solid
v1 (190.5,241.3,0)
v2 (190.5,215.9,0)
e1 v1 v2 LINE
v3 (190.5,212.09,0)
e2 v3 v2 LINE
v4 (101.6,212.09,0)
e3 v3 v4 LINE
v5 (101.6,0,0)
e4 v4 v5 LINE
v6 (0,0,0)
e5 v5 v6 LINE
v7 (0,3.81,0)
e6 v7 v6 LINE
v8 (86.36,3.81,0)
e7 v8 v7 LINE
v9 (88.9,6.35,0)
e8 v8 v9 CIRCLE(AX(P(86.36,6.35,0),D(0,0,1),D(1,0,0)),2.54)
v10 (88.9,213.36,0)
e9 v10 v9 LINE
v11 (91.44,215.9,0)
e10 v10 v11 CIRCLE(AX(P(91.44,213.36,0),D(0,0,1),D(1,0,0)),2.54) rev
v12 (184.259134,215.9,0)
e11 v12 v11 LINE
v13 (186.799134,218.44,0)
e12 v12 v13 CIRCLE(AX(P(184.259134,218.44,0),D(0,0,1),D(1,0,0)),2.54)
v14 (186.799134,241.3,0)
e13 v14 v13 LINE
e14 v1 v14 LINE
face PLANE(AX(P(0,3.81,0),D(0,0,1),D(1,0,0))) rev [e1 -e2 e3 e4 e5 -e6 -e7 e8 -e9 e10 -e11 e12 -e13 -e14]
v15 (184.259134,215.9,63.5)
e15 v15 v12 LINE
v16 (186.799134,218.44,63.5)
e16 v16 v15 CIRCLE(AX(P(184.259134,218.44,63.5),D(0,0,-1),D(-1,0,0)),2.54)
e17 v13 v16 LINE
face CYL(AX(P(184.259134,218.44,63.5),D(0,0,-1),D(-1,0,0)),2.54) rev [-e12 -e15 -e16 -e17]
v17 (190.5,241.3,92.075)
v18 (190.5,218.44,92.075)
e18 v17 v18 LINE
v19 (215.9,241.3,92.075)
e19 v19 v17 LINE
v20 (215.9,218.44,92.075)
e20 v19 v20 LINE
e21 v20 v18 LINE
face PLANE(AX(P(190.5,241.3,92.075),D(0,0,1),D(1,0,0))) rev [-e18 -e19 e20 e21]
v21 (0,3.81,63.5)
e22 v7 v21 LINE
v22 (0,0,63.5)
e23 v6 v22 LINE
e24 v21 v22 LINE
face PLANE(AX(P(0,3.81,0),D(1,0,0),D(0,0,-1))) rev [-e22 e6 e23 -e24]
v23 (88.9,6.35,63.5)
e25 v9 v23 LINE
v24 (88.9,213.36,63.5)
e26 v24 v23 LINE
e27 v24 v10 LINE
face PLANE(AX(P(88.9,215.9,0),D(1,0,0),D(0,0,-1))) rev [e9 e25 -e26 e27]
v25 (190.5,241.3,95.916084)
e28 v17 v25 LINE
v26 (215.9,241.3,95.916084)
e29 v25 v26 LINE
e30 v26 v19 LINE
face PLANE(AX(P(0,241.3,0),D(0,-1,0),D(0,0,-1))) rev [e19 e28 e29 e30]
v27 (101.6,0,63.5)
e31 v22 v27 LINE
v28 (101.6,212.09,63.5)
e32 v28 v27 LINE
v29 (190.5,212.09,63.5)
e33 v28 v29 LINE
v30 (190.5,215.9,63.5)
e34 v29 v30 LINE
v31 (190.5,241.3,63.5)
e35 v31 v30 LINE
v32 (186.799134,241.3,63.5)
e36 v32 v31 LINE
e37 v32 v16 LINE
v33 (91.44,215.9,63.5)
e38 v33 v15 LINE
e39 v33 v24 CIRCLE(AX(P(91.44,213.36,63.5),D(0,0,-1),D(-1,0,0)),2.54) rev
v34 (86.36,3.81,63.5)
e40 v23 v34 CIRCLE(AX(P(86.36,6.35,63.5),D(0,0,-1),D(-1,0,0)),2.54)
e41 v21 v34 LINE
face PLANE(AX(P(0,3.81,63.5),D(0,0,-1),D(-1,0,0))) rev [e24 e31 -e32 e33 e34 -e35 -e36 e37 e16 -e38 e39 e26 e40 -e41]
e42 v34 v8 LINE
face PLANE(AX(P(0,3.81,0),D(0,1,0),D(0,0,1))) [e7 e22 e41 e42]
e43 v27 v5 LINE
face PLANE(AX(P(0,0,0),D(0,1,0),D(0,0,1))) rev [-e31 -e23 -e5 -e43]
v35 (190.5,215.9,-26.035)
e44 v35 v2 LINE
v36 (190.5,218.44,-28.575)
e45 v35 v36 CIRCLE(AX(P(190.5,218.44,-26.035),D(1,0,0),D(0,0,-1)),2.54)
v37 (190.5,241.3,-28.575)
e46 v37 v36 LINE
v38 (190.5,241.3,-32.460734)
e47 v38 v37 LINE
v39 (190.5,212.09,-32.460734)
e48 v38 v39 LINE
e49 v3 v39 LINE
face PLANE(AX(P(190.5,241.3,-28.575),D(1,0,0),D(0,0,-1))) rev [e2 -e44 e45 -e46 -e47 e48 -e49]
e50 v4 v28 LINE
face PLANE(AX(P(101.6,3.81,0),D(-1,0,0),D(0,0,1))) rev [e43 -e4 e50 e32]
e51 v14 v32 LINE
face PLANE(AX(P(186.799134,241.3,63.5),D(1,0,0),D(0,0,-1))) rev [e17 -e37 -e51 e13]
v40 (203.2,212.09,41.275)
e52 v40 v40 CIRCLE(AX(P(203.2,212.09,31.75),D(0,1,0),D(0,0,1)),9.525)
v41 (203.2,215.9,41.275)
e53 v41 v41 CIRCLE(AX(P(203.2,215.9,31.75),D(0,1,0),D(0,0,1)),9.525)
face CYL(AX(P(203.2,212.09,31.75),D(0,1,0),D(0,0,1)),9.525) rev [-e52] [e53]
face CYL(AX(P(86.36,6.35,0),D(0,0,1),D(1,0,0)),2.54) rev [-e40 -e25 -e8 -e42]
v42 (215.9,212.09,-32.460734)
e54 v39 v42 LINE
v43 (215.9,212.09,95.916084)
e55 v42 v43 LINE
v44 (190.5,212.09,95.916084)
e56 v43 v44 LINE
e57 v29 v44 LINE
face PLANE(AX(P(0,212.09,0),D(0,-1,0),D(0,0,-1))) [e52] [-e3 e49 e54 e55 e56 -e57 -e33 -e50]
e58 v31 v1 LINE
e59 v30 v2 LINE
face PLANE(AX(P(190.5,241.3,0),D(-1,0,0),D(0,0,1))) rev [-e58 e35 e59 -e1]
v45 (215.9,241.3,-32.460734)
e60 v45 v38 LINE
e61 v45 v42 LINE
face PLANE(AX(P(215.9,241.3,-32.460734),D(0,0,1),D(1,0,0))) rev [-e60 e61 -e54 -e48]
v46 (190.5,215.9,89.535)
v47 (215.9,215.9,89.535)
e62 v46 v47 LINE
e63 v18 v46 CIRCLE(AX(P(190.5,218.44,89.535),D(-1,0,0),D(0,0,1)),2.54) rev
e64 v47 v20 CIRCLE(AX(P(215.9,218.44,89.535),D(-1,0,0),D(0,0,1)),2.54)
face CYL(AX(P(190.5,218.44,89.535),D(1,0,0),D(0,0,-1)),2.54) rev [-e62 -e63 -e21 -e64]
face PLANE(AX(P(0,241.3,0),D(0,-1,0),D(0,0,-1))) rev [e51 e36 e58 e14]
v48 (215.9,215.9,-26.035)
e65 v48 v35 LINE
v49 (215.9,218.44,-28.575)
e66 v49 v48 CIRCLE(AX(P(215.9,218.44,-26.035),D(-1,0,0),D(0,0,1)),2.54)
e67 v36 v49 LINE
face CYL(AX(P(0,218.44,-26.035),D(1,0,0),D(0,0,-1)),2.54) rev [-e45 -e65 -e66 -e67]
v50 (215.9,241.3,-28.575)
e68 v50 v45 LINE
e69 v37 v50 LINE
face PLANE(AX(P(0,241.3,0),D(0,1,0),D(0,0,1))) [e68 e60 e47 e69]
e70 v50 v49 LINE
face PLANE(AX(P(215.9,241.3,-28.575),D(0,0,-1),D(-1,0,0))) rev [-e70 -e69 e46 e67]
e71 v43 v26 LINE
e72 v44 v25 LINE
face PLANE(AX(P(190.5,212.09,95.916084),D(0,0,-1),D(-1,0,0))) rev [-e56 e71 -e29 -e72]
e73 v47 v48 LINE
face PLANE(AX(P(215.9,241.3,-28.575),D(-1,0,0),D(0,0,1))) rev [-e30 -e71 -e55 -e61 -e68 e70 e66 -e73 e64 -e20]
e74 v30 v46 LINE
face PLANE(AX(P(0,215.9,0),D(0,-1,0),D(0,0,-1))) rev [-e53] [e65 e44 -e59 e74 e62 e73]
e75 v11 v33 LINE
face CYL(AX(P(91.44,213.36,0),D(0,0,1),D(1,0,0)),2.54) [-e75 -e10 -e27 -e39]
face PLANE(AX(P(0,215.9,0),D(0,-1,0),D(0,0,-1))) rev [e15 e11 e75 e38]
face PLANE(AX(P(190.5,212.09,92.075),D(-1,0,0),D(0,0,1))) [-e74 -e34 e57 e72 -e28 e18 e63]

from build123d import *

# Parameters (mm, degrees)
SKETCH1_W           = 101.6
SKETCH1_H           = 63.5
BOSS_EXTRUDE1_DEPTH = 3.81
SKETCH2_W           = 12.7
SKETCH2_H           = 63.5
BOSS_EXTRUDE2_DEPTH = 212.09
SKETCH3_R           = 9.525
BOSS_EXTRUDE3_DEPTH = 3.81
SKETCH4_W           = 25.4
SKETCH4_H           = 3.841083916
SKETCH4_W_2         = 3.700866251
SKETCH4_H_2         = 63.5
SKETCH4_H_3         = 3.885733648
BOSS_EXTRUDE6_DEPTH = 25.4
SKETCH6_W           = 25.4
SKETCH6_H           = 3.885733648
SKETCH6_H_2         = 3.841083916
BOSS_EXTRUDE7_DEPTH = 3.81
FILLET2_R           = 2.54


with BuildPart() as part:
    # Sketch1 → Boss-Extrude1 (new body)
    with BuildSketch(Plane(origin=(0, 0, 0), x_dir=(1, 0, 0), z_dir=(0, 1, 0))):
        with Locations((50.8, -31.75)):
            Rectangle(SKETCH1_W, SKETCH1_H)
    extrude(amount=BOSS_EXTRUDE1_DEPTH)

    # Sketch2 → Boss-Extrude2 (add)
    with BuildSketch(Plane(origin=(0, 3.81, 0), x_dir=(1, 0, 0), z_dir=(0, 1, 0))):
        with Locations((95.25, -31.75)):
            Rectangle(SKETCH2_W, SKETCH2_H)
    extrude(amount=BOSS_EXTRUDE2_DEPTH)

    # Sketch3 → Boss-Extrude3 (add)
    with BuildSketch(Plane(origin=(0, 215.9, 0), x_dir=(1, 0, 0), z_dir=(0, 1, 0))):
        Polygon((101.6, 0), (190.5, 0), (190.5, 28.575), (203.2, 28.575), (215.9, 28.575), (215.9, -92.075), (203.2, -92.075), (190.5, -92.075), (190.5, -63.5), (101.6, -63.5), align=None)
        with Locations((203.2, -31.75)):
            Circle(SKETCH3_R, mode=Mode.SUBTRACT)
    extrude(amount=-BOSS_EXTRUDE3_DEPTH)

    # Sketch4 → Boss-Extrude6 (add)
    with BuildSketch(Plane(origin=(0, 215.9, 0), x_dir=(1, 0, 0), z_dir=(0, 1, 0))):
        with Locations((203.2, -93.995541958)):
            Rectangle(SKETCH4_W, SKETCH4_H)
        with Locations((188.649566875, -31.75)):
            Rectangle(SKETCH4_W_2, SKETCH4_H_2)
        with Locations((203.2, 30.517866824)):
            Rectangle(SKETCH4_W, SKETCH4_H_3)
    extrude(amount=BOSS_EXTRUDE6_DEPTH)

    # Sketch6 → Boss-Extrude7 (add)
    with BuildSketch(Plane.XZ.offset(-215.9)):
        with Locations((203.2, -30.517866824)):
            Rectangle(SKETCH6_W, SKETCH6_H)
        with Locations((203.2, 93.995541958)):
            Rectangle(SKETCH6_W, SKETCH6_H_2)
    extrude(amount=BOSS_EXTRUDE7_DEPTH)

    # Fillet2
    fillet2_edges = [part.edges().sort_by_distance(p)[0] for p in [
        (203.2, 215.9, -28.575),
        (88.9, 215.9, 31.75),
        (88.9, 3.81, 31.75),
        (186.799133749, 215.9, 31.75),
        (203.2, 215.9, 92.075),
    ]]
    fillet(fillet2_edges, radius=FILLET2_R)


solid = part.part
